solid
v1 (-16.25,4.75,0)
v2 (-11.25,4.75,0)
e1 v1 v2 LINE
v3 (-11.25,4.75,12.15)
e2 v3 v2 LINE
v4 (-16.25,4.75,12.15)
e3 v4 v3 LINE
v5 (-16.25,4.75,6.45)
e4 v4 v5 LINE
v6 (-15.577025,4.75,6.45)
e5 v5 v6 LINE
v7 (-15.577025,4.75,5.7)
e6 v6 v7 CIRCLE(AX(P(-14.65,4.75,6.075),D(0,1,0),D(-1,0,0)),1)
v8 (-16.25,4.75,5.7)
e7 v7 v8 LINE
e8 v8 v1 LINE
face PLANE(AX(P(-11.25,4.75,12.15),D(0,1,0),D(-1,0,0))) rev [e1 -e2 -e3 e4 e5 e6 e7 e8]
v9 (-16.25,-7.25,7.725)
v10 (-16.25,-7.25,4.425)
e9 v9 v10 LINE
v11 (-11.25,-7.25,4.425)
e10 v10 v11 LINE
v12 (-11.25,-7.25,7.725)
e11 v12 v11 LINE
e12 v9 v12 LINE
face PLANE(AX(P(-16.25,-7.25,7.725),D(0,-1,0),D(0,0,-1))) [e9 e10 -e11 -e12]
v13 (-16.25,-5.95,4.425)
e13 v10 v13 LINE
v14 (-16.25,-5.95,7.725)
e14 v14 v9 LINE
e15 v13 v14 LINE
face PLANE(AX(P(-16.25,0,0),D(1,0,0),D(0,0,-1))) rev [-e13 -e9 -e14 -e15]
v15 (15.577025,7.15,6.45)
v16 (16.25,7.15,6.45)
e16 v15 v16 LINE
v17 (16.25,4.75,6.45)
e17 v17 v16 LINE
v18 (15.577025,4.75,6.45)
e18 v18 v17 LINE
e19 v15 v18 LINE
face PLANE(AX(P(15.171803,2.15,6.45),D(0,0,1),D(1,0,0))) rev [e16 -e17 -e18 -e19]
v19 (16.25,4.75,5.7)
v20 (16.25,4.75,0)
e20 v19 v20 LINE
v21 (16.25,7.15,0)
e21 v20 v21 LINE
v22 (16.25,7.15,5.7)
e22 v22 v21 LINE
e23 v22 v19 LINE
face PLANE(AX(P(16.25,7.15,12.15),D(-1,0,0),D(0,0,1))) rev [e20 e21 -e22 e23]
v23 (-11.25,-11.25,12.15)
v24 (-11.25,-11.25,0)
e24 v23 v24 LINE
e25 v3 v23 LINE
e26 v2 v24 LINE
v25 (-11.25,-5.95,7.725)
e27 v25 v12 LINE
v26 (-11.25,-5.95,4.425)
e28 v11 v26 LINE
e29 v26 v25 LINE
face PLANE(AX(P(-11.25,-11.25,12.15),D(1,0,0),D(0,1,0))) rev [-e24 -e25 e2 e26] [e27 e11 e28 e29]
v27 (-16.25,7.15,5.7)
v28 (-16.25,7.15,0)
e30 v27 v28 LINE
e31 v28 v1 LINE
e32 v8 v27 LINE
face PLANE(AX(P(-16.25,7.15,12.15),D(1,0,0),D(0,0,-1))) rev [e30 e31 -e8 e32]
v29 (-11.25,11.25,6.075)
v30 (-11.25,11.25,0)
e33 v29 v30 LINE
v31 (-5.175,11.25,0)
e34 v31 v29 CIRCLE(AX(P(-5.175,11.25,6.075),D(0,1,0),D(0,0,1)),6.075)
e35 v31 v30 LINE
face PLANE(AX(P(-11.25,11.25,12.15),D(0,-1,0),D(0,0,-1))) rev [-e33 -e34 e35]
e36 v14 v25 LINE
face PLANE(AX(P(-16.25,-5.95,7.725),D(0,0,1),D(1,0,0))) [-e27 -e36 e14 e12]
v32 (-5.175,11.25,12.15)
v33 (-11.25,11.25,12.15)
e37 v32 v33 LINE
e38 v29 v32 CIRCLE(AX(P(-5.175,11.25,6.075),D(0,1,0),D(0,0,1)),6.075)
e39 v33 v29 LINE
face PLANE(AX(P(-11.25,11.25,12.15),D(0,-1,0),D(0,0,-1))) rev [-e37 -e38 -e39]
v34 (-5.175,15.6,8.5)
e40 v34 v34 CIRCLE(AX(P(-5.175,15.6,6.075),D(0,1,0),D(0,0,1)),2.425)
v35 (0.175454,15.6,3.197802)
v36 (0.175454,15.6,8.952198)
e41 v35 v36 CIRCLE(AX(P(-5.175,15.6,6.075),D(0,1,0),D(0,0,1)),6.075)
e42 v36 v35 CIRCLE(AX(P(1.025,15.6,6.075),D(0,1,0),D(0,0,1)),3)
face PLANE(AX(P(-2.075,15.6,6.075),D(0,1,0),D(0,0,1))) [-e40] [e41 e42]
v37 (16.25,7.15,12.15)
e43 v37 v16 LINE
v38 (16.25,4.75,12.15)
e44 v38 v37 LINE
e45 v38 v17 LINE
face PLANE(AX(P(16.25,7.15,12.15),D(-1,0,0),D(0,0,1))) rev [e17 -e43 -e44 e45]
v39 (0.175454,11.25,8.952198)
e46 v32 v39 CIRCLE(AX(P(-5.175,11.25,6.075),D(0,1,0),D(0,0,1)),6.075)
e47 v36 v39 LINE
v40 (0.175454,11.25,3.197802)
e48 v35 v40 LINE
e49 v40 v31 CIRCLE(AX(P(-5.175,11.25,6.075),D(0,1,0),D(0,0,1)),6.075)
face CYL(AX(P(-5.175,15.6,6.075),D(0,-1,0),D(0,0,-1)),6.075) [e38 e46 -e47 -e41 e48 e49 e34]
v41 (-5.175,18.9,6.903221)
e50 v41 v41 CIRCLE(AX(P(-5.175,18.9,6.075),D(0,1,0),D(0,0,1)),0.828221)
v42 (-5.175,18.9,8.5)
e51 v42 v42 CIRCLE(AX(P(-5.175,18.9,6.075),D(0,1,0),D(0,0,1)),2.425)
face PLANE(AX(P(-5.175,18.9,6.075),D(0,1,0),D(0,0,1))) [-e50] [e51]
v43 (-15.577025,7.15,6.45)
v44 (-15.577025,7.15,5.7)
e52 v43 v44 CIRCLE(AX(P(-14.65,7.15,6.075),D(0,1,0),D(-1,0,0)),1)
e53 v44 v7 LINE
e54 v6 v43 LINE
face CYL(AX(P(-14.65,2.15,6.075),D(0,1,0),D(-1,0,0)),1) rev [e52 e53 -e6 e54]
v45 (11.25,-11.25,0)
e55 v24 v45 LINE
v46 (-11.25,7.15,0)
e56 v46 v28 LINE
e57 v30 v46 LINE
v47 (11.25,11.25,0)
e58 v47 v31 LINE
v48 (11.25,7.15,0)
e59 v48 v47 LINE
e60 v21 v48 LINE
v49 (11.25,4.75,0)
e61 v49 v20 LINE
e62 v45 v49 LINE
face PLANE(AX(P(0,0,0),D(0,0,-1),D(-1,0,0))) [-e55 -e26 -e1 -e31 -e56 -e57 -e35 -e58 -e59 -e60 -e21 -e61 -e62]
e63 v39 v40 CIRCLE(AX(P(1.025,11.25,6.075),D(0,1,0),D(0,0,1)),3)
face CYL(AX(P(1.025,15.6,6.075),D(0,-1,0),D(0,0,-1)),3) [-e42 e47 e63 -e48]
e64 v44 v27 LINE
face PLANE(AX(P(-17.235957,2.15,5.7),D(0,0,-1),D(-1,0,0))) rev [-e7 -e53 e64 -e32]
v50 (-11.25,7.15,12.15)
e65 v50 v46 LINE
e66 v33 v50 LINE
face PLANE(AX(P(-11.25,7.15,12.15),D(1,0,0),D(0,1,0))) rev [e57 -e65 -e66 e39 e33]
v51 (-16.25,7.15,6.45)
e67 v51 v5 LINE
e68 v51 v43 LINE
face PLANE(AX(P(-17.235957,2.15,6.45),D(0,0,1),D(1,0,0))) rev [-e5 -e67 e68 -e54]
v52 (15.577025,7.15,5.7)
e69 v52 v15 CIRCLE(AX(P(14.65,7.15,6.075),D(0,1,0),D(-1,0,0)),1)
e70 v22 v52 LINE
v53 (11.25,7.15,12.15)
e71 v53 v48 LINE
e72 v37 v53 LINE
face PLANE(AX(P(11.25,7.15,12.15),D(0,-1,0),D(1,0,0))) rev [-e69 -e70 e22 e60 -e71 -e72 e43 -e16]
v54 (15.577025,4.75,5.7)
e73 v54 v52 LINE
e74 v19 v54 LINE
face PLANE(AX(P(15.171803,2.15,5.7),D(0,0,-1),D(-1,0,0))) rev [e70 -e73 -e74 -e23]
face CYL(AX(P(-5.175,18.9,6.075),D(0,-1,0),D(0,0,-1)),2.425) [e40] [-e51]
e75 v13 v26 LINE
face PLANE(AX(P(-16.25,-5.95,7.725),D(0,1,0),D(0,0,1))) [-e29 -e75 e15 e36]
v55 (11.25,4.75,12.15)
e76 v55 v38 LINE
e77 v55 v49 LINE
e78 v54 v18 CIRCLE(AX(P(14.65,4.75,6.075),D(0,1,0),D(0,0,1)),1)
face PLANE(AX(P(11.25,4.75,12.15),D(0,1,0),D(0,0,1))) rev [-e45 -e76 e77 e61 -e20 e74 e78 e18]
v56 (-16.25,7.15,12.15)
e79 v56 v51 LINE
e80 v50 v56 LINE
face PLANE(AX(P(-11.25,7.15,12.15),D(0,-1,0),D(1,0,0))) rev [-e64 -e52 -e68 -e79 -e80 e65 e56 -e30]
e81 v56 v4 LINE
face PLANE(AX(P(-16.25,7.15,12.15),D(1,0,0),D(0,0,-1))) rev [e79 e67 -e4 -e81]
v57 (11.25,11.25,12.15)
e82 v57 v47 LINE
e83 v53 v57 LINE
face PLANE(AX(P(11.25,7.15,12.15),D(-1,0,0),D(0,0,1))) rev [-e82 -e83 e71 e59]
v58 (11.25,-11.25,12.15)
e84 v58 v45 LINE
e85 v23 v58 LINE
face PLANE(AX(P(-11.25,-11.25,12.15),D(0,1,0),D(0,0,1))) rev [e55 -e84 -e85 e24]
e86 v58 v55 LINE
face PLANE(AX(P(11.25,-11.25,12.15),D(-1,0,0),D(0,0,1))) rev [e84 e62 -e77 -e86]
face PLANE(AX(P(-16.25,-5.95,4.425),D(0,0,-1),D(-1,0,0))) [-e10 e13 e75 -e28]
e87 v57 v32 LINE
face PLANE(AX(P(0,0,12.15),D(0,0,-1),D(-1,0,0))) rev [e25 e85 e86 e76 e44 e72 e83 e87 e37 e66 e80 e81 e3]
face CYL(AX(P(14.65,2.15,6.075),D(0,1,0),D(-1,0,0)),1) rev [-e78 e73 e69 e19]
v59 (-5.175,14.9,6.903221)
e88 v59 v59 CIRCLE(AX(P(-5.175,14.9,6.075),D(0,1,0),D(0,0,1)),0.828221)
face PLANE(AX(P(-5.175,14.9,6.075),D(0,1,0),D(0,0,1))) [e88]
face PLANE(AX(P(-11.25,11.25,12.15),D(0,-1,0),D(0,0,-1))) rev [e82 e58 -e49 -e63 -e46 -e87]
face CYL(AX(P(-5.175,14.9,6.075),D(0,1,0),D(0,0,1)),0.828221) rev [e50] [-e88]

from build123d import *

# Parameters (mm, degrees)
BOSS_EXTRUDE1_DEPTH = 12.15
BOSS_EXTRUDE2_DEPTH = 4.35
SKETCH5_R           = 2.425
BOSS_EXTRUDE3_DEPTH = 3.3
SKETCH6_R           = 0.828221189
CUT_EXTRUDE3_DEPTH  = 4
SKETCH8_R           = 1
CUT_EXTRUDE4_DEPTH  = 5
SKETCH9_W           = 2.165756054
SKETCH9_H           = 0.75
SKETCH9_W_2         = 1.729877666
CUT_EXTRUDE5_DEPTH  = 5
SKETCH10_W          = 3.3
SKETCH10_H          = 1.3
BOSS_EXTRUDE6_DEPTH = 27.5


with BuildPart() as part:
    # Sketch1 → Boss-Extrude1 (new body)
    with BuildSketch(Plane.XY):
        Polygon((-11.25, -11.25), (11.25, -11.25), (11.25, 4.75), (16.25, 4.75), (16.25, 7.15), (11.25, 7.15), (11.25, 11.25), (-11.25, 11.25), (-11.25, 7.15), (-16.25, 7.15), (-16.25, 4.75), (-11.25, 4.75), align=None)
    extrude(amount=BOSS_EXTRUDE1_DEPTH)

    # Sketch4 → Boss-Extrude2 (add)
    with BuildSketch(Plane(origin=(0, 11.25, 0), x_dir=(1, 0, 0), z_dir=(0, 1, 0))):
        with BuildLine():
            ThreePointArc((0.175453629, -3.197801543), (-11.25, -6.075), (0.175453629, -8.952198457))
            ThreePointArc((0.175453629, -8.952198457), (4.025, -6.075), (0.175453629, -3.197801543))
        make_face()
    extrude(amount=BOSS_EXTRUDE2_DEPTH)

    # Sketch5 → Boss-Extrude3 (add)
    with BuildSketch(Plane(origin=(0, 15.6, 0), x_dir=(1, 0, 0), z_dir=(0, 1, 0))):
        with Locations(Location((-5.175, -6.075, 0), (0, 0, 270))):
            Circle(SKETCH5_R)
    extrude(amount=BOSS_EXTRUDE3_DEPTH)

    # Sketch6 → Cut-Extrude3 (cut)
    with BuildSketch(Plane(origin=(0, 18.9, 0), x_dir=(1, 0, 0), z_dir=(0, 1, 0))):
        with Locations(Location((-5.175, -6.075, 0), (0, 0, 270))):
            Circle(SKETCH6_R)
    extrude(amount=-CUT_EXTRUDE3_DEPTH, mode=Mode.SUBTRACT)

    # Sketch8 → Cut-Extrude4 (cut)
    with BuildSketch(Plane(origin=(0, 7.15, 0), x_dir=(1, 0, 0), z_dir=(0, 1, 0))):
        with Locations(Location((-14.65, -6.075, 0), (0, 0, 180))):
            Circle(SKETCH8_R)
        with Locations(Location((14.65, -6.075, 0), (0, 0, 180))):
            Circle(SKETCH8_R)
    extrude(amount=-CUT_EXTRUDE4_DEPTH, mode=Mode.SUBTRACT)

    # Sketch9 → Cut-Extrude5 (cut)
    with BuildSketch(Plane(origin=(0, 7.15, 0), x_dir=(1, 0, 0), z_dir=(0, 1, 0))):
        with Locations((-16.153079265, -6.075)):
            Rectangle(SKETCH9_W, SKETCH9_H)
        with Locations((16.036741918, -6.075)):
            Rectangle(SKETCH9_W_2, SKETCH9_H)
    extrude(amount=-CUT_EXTRUDE5_DEPTH, mode=Mode.SUBTRACT)

    # Sketch10 → Boss-Extrude6 (add)
    with BuildSketch(Plane(origin=(11.25, 0, 0), x_dir=(0, 0, -1), z_dir=(1, 0, 0))):
        with Locations((-6.075, -6.6)):
            Rectangle(SKETCH10_W, SKETCH10_H)
    extrude(amount=-BOSS_EXTRUDE6_DEPTH)


solid = part.part
